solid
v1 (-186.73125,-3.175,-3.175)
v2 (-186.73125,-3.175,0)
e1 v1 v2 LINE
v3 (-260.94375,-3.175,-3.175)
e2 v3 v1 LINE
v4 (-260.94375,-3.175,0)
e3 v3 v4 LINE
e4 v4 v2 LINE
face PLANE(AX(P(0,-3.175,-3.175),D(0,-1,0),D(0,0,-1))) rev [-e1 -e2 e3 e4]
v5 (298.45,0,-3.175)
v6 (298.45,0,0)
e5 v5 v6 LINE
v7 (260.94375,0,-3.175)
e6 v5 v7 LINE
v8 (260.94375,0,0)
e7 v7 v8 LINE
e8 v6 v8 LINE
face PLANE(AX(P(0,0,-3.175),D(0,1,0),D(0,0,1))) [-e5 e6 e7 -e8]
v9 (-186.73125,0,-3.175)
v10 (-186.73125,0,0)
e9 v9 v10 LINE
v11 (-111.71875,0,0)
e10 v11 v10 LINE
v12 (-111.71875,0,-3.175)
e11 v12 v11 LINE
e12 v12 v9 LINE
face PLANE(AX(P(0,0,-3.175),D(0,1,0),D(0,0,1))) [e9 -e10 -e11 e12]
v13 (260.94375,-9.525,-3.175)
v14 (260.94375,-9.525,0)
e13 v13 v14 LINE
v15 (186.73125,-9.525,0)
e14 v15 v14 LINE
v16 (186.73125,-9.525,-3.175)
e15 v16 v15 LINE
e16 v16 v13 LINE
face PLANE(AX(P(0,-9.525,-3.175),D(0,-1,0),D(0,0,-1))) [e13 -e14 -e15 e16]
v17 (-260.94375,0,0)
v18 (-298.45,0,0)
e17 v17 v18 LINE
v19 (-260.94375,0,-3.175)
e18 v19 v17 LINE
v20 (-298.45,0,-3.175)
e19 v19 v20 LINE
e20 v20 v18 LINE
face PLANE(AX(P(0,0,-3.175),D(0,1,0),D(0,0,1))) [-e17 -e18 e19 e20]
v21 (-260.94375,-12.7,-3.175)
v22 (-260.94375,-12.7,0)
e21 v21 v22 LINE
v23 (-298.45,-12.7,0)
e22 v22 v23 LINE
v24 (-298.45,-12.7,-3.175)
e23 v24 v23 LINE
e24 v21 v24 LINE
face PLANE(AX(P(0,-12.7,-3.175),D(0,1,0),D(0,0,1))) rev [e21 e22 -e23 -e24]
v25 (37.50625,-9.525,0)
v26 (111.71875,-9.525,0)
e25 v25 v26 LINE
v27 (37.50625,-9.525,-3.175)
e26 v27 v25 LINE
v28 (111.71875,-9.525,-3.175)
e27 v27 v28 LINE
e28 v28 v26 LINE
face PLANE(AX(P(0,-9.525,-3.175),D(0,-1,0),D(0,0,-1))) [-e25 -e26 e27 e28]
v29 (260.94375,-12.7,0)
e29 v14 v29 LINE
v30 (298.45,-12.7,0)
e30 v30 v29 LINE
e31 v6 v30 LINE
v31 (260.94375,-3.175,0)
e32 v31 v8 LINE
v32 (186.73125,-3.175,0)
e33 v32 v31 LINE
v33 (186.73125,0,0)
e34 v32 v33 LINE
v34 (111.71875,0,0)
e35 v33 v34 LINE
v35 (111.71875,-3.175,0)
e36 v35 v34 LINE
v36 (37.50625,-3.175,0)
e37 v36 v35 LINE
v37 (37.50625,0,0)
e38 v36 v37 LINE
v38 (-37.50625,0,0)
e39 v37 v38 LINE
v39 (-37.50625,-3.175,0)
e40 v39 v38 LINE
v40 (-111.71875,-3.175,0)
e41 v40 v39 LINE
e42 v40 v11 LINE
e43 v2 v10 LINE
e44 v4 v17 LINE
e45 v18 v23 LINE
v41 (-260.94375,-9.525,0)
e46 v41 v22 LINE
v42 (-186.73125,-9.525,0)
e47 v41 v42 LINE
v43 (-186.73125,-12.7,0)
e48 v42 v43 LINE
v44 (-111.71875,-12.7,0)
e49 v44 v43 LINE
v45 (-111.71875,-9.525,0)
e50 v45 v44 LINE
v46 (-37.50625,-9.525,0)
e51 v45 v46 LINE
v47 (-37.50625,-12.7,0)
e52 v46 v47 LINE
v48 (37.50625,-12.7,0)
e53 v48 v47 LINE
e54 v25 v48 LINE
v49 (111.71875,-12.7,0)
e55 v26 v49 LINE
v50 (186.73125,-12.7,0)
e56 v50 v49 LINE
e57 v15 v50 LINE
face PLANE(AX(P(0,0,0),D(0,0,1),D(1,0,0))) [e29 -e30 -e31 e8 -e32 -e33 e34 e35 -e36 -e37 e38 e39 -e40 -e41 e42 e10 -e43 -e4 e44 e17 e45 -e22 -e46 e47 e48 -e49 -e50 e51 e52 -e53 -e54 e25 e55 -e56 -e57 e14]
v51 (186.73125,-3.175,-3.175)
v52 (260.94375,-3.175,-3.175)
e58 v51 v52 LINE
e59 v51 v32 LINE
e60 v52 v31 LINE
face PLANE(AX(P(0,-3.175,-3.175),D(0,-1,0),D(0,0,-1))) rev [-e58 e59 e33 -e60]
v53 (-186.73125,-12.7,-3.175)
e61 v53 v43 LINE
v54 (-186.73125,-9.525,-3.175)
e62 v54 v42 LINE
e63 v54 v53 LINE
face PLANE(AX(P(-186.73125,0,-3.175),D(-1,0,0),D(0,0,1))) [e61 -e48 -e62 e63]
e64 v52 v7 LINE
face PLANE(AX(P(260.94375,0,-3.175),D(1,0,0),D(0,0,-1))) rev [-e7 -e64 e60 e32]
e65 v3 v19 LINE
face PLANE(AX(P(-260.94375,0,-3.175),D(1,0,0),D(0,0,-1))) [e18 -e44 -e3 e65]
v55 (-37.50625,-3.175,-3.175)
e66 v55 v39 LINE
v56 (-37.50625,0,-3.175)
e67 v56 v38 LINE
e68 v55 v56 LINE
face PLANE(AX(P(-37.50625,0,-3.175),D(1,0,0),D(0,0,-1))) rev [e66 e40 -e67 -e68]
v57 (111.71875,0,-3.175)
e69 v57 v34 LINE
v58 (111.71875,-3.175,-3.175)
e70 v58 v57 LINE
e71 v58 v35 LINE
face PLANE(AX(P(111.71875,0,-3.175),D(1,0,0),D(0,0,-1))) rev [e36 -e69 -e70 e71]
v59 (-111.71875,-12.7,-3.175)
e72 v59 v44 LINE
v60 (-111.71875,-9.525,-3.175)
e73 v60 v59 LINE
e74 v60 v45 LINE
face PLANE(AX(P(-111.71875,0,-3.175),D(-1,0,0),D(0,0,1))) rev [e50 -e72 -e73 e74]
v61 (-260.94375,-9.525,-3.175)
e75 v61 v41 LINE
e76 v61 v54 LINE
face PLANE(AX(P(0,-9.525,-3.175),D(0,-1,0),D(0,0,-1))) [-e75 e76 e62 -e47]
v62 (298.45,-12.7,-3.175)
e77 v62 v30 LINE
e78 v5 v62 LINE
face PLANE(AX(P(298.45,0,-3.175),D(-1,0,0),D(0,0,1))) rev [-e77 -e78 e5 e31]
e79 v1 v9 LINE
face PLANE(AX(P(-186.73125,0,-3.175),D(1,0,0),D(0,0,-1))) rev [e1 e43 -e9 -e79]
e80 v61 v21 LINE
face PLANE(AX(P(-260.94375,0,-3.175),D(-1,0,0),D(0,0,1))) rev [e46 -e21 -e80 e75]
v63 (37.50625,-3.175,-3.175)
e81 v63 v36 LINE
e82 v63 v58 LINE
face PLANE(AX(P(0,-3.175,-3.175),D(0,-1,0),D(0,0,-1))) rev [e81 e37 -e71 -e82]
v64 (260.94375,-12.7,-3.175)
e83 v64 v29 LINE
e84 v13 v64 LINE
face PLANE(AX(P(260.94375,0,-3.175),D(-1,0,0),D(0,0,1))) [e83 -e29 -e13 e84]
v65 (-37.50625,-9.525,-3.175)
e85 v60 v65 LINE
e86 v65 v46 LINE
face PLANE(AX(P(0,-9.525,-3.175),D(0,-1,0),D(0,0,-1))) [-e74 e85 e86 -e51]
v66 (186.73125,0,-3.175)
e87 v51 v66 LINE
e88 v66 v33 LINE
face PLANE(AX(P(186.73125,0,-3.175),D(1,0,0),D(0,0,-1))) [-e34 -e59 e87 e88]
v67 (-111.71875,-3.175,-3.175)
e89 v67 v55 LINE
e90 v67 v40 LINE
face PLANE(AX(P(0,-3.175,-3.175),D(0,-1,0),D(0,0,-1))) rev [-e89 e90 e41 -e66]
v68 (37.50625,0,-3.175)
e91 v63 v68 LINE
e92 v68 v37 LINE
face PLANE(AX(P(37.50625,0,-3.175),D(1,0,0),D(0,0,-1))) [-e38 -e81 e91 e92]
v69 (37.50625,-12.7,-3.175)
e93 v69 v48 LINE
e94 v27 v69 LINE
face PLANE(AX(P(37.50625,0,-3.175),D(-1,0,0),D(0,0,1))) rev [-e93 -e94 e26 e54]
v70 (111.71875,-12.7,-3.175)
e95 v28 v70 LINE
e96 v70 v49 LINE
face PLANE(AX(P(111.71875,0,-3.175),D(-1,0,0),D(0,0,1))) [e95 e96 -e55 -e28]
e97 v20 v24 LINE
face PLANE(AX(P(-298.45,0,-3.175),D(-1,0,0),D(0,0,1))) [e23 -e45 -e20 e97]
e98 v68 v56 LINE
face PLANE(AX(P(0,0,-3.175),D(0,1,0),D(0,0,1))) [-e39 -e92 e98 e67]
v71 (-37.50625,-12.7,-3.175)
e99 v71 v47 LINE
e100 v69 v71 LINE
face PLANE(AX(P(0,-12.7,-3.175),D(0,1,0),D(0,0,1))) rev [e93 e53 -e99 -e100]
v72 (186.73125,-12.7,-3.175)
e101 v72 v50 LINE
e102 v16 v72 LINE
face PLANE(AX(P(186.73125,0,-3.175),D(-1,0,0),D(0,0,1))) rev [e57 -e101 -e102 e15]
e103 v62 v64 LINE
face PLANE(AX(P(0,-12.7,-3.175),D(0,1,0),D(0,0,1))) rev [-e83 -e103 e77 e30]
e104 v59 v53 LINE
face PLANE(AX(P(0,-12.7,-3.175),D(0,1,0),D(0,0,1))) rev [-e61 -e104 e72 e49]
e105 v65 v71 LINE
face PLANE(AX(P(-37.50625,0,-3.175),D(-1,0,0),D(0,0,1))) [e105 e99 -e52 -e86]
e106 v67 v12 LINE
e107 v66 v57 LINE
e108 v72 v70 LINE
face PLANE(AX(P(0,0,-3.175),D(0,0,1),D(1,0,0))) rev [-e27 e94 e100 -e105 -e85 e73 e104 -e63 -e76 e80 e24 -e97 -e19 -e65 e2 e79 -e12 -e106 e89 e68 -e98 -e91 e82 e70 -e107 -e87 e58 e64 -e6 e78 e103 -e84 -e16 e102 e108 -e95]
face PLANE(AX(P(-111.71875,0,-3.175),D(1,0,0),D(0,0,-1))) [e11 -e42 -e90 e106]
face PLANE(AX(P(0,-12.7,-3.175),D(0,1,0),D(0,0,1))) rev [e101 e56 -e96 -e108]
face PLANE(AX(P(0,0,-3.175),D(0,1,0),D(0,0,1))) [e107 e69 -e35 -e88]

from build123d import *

# Parameters (mm, degrees)
BOSS_EXTRU_1_DEPTH = 3.175


with BuildPart() as part:
    # Esquisse1 → Boss.-Extru.1 (new body)
    with BuildSketch(Plane.XY):
        Polygon((298.45, -12.7), (298.45, 0), (260.94375, 0), (260.94375, -3.175), (186.73125, -3.175), (186.73125, 0), (111.71875, 0), (111.71875, -3.175), (37.50625, -3.175), (37.50625, 0), (-37.50625, 0), (-37.50625, -3.175), (-111.71875, -3.175), (-111.71875, 0), (-186.73125, 0), (-186.73125, -3.175), (-260.94375, -3.175), (-260.94375, 0), (-298.45, 0), (-298.45, -12.7), (-260.94375, -12.7), (-260.94375, -9.525), (-186.73125, -9.525), (-186.73125, -12.7), (-111.71875, -12.7), (-111.71875, -9.525), (-37.50625, -9.525), (-37.50625, -12.7), (37.50625, -12.7), (37.50625, -9.525), (111.71875, -9.525), (111.71875, -12.7), (186.73125, -12.7), (186.73125, -9.525), (260.94375, -9.525), (260.94375, -12.7), align=None)
    extrude(amount=-BOSS_EXTRU_1_DEPTH)


solid = part.part
